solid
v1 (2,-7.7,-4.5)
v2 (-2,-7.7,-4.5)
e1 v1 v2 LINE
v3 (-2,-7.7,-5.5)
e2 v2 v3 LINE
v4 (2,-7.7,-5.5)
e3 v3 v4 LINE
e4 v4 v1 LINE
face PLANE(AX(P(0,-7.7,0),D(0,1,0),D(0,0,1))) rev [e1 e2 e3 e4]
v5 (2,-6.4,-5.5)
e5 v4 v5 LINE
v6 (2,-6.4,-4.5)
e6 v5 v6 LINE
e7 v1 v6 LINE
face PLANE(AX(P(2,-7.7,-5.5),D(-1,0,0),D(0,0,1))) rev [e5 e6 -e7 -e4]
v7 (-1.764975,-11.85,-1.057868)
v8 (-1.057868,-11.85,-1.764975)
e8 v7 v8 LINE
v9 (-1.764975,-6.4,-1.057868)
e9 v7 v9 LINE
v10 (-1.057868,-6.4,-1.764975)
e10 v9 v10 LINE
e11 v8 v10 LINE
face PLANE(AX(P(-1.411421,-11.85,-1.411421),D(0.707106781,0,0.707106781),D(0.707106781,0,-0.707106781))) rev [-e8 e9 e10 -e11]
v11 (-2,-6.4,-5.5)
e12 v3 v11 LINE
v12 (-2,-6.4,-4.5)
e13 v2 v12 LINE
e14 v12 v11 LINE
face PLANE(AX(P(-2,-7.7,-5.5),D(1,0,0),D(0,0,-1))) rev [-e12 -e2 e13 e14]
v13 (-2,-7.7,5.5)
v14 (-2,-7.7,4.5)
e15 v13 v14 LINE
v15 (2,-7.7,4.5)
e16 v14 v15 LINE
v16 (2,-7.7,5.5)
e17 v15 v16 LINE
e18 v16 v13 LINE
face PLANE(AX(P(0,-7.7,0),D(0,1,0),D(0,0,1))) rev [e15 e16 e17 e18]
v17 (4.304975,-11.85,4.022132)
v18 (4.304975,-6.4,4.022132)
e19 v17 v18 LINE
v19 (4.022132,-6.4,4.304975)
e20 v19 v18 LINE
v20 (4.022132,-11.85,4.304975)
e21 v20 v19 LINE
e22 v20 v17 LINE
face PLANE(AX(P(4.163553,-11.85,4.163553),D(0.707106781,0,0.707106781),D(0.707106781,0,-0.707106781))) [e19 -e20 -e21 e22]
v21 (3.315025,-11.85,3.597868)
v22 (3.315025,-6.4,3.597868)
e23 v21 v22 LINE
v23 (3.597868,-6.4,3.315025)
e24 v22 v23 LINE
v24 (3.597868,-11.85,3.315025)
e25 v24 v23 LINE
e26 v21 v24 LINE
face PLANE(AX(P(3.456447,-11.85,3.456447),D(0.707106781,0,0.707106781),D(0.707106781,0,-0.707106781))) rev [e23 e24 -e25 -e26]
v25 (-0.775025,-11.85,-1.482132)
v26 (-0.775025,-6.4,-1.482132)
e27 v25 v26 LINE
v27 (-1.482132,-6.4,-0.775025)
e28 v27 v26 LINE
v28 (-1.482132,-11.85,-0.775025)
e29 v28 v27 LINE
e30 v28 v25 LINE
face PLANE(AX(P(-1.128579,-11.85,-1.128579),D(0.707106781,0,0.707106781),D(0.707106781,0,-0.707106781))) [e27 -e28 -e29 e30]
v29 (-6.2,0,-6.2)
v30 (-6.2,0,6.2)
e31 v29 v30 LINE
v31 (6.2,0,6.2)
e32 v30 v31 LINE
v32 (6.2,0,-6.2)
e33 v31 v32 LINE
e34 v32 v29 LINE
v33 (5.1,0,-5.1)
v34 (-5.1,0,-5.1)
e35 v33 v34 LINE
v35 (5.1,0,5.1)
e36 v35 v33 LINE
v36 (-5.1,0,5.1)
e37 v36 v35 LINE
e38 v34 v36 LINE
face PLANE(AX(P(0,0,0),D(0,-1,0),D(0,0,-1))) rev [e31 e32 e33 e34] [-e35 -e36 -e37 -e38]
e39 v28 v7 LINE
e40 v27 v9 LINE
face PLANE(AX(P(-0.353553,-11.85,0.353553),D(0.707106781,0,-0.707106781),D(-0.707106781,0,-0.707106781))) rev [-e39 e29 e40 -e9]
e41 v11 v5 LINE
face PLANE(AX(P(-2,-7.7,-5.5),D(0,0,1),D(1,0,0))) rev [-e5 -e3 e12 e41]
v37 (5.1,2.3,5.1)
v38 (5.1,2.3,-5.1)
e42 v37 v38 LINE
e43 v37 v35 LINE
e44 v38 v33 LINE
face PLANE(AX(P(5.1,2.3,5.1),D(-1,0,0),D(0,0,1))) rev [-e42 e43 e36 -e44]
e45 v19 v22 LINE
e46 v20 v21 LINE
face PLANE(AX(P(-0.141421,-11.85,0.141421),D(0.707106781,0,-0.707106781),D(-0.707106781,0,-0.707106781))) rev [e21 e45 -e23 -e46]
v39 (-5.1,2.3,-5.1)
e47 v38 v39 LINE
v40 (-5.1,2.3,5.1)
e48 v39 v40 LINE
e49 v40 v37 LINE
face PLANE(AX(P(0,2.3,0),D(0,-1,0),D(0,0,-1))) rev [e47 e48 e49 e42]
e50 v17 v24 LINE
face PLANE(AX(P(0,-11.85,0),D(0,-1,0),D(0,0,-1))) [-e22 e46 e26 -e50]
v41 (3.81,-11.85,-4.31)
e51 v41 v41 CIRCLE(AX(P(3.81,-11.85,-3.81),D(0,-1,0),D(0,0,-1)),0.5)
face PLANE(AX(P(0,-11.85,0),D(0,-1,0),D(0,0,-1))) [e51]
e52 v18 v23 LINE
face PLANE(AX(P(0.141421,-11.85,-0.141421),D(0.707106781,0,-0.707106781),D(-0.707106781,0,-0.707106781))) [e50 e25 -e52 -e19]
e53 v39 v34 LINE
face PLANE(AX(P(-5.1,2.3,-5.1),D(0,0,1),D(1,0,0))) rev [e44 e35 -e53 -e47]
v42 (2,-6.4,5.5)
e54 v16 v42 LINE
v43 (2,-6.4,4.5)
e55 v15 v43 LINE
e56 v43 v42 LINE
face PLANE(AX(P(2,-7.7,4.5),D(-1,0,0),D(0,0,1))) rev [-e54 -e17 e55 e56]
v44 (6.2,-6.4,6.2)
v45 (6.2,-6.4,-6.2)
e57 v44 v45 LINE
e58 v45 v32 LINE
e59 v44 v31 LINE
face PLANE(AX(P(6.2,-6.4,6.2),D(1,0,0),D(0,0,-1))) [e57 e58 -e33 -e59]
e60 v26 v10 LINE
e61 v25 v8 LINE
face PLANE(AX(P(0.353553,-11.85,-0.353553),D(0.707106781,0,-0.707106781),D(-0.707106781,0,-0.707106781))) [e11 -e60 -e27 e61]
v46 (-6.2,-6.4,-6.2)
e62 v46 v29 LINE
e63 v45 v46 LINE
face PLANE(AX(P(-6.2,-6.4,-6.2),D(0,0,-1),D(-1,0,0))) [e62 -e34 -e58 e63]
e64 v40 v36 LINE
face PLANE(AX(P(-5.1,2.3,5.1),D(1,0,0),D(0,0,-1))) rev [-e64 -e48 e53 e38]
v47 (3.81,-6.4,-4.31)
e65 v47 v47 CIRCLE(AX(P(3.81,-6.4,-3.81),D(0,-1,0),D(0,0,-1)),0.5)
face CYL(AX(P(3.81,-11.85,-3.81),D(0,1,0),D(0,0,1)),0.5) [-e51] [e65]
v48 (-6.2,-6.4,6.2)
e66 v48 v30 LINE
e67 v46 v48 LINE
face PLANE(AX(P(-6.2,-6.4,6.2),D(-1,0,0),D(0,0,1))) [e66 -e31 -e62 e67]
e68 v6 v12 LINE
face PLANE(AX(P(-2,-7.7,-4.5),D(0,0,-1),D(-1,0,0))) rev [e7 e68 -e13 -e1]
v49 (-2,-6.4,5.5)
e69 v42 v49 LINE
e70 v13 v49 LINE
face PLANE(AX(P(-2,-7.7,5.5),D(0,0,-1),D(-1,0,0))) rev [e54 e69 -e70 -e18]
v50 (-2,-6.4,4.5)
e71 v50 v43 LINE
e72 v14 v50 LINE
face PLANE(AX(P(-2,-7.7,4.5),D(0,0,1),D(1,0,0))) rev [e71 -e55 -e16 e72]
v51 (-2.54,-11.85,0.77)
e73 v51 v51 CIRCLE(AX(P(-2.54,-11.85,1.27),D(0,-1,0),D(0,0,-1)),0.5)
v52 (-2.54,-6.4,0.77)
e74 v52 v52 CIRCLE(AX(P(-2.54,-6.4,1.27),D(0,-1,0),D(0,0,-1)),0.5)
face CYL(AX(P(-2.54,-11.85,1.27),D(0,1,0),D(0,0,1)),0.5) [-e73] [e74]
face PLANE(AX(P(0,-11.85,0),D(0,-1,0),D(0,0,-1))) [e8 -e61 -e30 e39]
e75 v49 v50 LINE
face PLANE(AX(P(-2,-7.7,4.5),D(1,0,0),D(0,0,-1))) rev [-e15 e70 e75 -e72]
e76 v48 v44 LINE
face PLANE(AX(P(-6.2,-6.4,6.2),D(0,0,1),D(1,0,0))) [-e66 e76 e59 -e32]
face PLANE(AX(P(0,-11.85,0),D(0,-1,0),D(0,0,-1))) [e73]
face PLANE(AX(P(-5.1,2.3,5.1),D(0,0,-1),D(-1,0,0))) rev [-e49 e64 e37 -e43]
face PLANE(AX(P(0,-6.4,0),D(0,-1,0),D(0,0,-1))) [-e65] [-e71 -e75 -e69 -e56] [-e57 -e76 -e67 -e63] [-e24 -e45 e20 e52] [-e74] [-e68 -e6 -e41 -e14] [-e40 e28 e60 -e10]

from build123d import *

# Parameters (mm, degrees)
SKETCH1_W           = 12.4
SKETCH1_H           = 12.4
BOSS_EXTRUDE1_DEPTH = 6.4
SKETCH2_W           = 10.2
SKETCH2_H           = 10.2
BOSS_EXTRUDE2_DEPTH = 2.3
SKETCH3_R           = 0.5
BOSS_EXTRUDE3_DEPTH = 5.45
SKETCH4_W           = 4
SKETCH4_H           = 1
BOSS_EXTRUDE4_DEPTH = 1.3


with BuildPart() as part:
    # Sketch1 → Boss-Extrude1 (new body)
    with BuildSketch(Plane(origin=(0, 0, 0), x_dir=(1, 0, 0), z_dir=(0, 1, 0))):
        Rectangle(SKETCH1_W, SKETCH1_H)
    extrude(amount=-BOSS_EXTRUDE1_DEPTH)

    # Sketch2 → Boss-Extrude2 (add)
    with BuildSketch(Plane(origin=(0, 0, 0), x_dir=(1, 0, 0), z_dir=(0, 1, 0))):
        Rectangle(SKETCH2_W, SKETCH2_H)
    extrude(amount=BOSS_EXTRUDE2_DEPTH)

    # Sketch3 → Boss-Extrude3 (add)
    with BuildSketch(Plane.XZ.offset(6.4)):
        with Locations(Location((-2.54, 1.27, 0), (0, 0, 270))):
            Circle(SKETCH3_R)
        Polygon((4.304974747, 4.022132034), (4.022132034, 4.304974747), (3.668578644, 3.951421356), (3.951421356, 3.668578644), align=None)
        Polygon((3.951421356, 3.668578644), (3.668578644, 3.951421356), (3.315025253, 3.597867966), (3.597867966, 3.315025253), align=None)
        with Locations(Location((3.81, -3.81, 0), (0, 0, 270))):
            Circle(SKETCH3_R)
        Polygon((-0.775025253, -1.482132034), (-1.128578644, -1.128578644), (-1.411421356, -1.411421356), (-1.057867966, -1.764974747), align=None)
        Polygon((-1.128578644, -1.128578644), (-1.482132034, -0.775025253), (-1.764974747, -1.057867966), (-1.411421356, -1.411421356), align=None)
    extrude(amount=BOSS_EXTRUDE3_DEPTH)

    # Sketch4 → Boss-Extrude4 (add)
    with BuildSketch(Plane.XZ.offset(6.4)):
        with Locations((0, -5)):
            Rectangle(SKETCH4_W, SKETCH4_H)
        with Locations((0, 5)):
            Rectangle(SKETCH4_W, SKETCH4_H)
    extrude(amount=BOSS_EXTRUDE4_DEPTH)


solid = part.part
